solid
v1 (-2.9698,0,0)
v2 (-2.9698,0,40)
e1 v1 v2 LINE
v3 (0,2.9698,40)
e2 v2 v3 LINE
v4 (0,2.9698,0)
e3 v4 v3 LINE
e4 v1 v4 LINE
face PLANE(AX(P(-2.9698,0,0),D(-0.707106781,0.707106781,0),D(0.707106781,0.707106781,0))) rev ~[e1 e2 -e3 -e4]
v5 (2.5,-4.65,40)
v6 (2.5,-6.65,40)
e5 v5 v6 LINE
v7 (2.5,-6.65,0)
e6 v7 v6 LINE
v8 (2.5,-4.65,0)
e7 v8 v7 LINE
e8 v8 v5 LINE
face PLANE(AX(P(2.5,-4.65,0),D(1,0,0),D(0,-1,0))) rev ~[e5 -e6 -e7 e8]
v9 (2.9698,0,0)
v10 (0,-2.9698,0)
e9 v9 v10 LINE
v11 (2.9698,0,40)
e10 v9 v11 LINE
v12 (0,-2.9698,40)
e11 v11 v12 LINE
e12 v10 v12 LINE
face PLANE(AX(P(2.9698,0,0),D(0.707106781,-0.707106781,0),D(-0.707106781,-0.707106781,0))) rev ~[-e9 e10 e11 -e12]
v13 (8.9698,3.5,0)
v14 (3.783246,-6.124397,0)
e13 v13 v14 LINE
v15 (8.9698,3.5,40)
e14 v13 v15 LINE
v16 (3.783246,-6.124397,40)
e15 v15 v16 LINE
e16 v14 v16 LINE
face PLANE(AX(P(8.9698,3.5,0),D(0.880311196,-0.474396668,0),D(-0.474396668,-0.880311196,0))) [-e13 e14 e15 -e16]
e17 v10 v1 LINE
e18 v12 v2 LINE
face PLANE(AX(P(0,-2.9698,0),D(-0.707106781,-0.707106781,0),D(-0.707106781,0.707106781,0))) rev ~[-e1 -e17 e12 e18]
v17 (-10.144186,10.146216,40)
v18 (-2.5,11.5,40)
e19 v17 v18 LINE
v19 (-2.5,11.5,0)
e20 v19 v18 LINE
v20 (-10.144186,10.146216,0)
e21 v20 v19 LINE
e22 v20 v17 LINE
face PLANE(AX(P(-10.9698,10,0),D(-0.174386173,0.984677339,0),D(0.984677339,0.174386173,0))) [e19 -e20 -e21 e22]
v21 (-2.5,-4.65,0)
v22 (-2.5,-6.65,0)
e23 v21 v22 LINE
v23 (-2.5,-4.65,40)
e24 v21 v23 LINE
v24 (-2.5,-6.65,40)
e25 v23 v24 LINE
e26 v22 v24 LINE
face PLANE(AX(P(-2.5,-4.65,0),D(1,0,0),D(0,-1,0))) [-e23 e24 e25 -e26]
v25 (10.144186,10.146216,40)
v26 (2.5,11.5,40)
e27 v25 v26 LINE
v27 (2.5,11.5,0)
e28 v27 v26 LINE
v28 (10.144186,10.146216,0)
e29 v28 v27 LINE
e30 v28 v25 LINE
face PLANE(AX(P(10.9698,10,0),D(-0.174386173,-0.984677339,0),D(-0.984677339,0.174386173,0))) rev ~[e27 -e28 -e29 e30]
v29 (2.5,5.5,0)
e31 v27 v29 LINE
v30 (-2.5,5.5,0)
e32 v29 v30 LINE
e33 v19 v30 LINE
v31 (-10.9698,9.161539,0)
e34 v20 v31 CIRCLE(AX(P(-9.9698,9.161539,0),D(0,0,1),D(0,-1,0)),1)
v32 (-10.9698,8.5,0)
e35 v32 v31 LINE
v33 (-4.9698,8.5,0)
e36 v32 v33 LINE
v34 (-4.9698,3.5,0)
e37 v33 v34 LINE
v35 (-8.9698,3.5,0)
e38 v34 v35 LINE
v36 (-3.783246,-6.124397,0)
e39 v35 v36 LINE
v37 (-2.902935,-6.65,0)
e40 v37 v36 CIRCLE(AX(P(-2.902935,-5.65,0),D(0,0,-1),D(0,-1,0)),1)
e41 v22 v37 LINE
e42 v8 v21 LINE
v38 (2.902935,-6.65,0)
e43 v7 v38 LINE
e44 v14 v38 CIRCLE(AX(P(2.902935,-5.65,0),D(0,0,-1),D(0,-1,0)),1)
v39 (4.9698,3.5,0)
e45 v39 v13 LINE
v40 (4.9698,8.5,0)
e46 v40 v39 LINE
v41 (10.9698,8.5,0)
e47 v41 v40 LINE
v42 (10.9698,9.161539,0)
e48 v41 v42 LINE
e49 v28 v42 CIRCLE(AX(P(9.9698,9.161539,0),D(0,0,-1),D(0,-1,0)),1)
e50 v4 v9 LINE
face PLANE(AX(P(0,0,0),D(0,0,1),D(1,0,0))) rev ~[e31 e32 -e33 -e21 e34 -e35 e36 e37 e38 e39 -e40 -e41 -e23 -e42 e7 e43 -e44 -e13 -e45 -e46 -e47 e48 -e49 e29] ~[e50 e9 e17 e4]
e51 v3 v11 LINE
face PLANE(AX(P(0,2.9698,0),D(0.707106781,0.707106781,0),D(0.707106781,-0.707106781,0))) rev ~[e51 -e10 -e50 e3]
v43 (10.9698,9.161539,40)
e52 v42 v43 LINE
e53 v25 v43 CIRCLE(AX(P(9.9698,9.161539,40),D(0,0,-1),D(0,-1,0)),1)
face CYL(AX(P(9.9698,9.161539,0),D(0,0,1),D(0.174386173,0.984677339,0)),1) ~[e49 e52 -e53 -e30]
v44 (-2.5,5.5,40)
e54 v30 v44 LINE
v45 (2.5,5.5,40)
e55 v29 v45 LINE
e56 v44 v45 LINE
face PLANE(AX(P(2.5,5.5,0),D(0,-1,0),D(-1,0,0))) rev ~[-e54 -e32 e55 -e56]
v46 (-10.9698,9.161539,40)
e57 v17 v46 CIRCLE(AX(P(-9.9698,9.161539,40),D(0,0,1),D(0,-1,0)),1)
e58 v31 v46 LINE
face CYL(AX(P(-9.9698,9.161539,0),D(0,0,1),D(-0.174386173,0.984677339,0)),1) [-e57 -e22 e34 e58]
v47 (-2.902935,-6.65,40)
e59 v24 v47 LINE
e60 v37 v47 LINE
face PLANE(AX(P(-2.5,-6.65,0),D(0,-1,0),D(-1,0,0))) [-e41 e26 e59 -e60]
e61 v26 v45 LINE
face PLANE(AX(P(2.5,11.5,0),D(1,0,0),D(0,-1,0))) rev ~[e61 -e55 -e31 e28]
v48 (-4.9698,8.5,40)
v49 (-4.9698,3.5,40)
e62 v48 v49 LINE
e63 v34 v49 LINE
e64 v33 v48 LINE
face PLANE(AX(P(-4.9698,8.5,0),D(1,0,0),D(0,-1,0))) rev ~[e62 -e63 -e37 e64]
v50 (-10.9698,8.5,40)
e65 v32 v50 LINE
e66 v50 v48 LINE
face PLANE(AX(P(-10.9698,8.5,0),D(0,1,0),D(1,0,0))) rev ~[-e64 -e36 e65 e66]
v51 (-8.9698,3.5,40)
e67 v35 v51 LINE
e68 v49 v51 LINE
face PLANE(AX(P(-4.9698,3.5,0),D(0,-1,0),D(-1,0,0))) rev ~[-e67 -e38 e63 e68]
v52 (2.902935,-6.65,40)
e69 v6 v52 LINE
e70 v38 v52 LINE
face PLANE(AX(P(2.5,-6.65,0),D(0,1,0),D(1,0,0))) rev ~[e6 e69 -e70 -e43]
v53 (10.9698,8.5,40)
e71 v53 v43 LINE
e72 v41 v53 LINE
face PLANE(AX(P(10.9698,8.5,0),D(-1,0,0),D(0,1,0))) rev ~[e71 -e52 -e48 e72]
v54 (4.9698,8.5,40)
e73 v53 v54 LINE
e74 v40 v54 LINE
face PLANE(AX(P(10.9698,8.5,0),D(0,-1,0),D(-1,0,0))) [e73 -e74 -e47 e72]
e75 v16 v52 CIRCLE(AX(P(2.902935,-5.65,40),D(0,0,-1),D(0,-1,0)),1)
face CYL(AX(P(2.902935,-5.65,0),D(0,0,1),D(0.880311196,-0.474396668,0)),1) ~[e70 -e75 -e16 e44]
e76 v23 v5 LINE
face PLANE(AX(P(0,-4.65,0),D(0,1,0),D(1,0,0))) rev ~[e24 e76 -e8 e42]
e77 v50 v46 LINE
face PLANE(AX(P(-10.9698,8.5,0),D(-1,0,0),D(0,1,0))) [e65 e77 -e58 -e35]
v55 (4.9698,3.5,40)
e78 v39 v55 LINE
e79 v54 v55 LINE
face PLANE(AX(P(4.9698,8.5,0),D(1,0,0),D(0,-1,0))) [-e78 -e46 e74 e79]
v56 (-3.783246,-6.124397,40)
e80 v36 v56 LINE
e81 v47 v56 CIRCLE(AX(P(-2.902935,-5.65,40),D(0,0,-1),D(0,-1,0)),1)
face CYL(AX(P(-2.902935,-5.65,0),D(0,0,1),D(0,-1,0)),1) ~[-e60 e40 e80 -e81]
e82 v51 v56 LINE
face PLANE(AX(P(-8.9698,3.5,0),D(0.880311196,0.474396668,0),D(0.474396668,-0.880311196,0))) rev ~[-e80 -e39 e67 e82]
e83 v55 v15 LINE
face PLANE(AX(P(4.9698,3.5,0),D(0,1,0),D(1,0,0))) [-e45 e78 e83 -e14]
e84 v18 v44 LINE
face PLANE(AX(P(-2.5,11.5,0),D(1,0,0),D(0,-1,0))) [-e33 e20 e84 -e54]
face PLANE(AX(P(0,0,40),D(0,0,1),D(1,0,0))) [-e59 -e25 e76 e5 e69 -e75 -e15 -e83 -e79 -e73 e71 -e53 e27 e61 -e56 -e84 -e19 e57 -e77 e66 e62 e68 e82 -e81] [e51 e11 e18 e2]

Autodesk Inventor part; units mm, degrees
ref_plane "YZ Plane" through (0, 0, 0) normal (1, 0, 0) x (0, 1, 0)
ref_plane "XZ Plane" through (0, 0, 0) normal (0, 1, 0) x (-1, 0, 0)
ref_plane "XY Plane" through (0, 0, 0) normal (0, 0, 1) x (1, 0, 0)
sketch "スケッチ1" plane through (0, 0, 0) normal (0, 0, 1) x (1, 0, 0)
  line L0 (0, 18.2674) -> (0, -9.7942)
  line L1 (0, -4.65) -> (-2.5, -4.65)
  line L2 (-2.5, -4.65) -> (-2.5, -6.65)
  line L3 (-2.5, -6.65) -> (-3.5, -6.65)
  line L4 (-10.9698, 8.5) -> (-4.9698, 8.5)
  line L5 (-4.9698, 8.5) -> (-4.9698, 3.5)
  line L6 (-4.9698, 3.5) -> (-8.9698, 3.5)
  line L7 (-8.9698, 3.5) -> (-3.5, -6.65)
  line L8 (-10.9698, 8.5) -> (-10.9698, 10)
  line L9 (-10.9698, 10) -> (-2.5, 11.5)
  line L10 (-2.5, 11.5) -> (-2.5, 5.5)
  line L11 (-2.5, 5.5) -> (0, 5.5)
  line L12 (0, -4.65) -> (2.5, -4.65)
  line L13 (2.5, -4.65) -> (2.5, -6.65)
  line L14 (2.5, -6.65) -> (3.5, -6.65)
  line L15 (10.9698, 8.5) -> (4.9698, 8.5)
  line L16 (4.9698, 8.5) -> (4.9698, 3.5)
  line L17 (4.9698, 3.5) -> (8.9698, 3.5)
  line L18 (8.9698, 3.5) -> (3.5, -6.65)
  line L19 (10.9698, 8.5) -> (10.9698, 10)
  line L20 (10.9698, 10) -> (2.5, 11.5)
  line L21 (2.5, 11.5) -> (2.5, 5.5)
  line L22 (2.5, 5.5) -> (0, 5.5)
  line L23 (-2.9698, 0) -> (0, 2.9698)
  line L24 (0, 2.9698) -> (2.9698, 0)
  line L25 (2.9698, 0) -> (0, -2.9698)
  line L26 (0, -2.9698) -> (-2.9698, 0)
  point P0 (0, 0)
  point P1 (0, 3.5)
  point P2 (0, -2.65)
  point P3 (2.9698, 0)
  dimension "d23" = 2
  dimension "d31" = 1
  dimension "d33" = 2
  dimension "d34" = 6
  dimension "d35" = 4
  dimension "d39" = 5
  dimension "d41" = 3
  dimension "d42" = 5
  dimension "d43" = 5
  dimension "d44" = 2
  dimension "d45" = 1.5
  dimension "d46" = 2
  dimension "d50" = 4.2
  dimension "d51" = 3.5
extrude "押し出し1" add sketch "スケッチ1" along normal blind 40 contours L22 L21 L20 L19 L15 L16 L17 L18 L14 L13 L12 L0 L25 L24 | L0 L23 L26 L1 L2 L3 L7 L6 L5 L4 L8 L9 L10 L11
fillet "フィレット2" radius 1 4 edges at (-3.5, -6.65, 20) (3.5, -6.65, 20) (10.9698, 10, 20) (-10.9698, 10, 20)
properties part number "om_TailRod_FP" material "ABS プラスチック"
